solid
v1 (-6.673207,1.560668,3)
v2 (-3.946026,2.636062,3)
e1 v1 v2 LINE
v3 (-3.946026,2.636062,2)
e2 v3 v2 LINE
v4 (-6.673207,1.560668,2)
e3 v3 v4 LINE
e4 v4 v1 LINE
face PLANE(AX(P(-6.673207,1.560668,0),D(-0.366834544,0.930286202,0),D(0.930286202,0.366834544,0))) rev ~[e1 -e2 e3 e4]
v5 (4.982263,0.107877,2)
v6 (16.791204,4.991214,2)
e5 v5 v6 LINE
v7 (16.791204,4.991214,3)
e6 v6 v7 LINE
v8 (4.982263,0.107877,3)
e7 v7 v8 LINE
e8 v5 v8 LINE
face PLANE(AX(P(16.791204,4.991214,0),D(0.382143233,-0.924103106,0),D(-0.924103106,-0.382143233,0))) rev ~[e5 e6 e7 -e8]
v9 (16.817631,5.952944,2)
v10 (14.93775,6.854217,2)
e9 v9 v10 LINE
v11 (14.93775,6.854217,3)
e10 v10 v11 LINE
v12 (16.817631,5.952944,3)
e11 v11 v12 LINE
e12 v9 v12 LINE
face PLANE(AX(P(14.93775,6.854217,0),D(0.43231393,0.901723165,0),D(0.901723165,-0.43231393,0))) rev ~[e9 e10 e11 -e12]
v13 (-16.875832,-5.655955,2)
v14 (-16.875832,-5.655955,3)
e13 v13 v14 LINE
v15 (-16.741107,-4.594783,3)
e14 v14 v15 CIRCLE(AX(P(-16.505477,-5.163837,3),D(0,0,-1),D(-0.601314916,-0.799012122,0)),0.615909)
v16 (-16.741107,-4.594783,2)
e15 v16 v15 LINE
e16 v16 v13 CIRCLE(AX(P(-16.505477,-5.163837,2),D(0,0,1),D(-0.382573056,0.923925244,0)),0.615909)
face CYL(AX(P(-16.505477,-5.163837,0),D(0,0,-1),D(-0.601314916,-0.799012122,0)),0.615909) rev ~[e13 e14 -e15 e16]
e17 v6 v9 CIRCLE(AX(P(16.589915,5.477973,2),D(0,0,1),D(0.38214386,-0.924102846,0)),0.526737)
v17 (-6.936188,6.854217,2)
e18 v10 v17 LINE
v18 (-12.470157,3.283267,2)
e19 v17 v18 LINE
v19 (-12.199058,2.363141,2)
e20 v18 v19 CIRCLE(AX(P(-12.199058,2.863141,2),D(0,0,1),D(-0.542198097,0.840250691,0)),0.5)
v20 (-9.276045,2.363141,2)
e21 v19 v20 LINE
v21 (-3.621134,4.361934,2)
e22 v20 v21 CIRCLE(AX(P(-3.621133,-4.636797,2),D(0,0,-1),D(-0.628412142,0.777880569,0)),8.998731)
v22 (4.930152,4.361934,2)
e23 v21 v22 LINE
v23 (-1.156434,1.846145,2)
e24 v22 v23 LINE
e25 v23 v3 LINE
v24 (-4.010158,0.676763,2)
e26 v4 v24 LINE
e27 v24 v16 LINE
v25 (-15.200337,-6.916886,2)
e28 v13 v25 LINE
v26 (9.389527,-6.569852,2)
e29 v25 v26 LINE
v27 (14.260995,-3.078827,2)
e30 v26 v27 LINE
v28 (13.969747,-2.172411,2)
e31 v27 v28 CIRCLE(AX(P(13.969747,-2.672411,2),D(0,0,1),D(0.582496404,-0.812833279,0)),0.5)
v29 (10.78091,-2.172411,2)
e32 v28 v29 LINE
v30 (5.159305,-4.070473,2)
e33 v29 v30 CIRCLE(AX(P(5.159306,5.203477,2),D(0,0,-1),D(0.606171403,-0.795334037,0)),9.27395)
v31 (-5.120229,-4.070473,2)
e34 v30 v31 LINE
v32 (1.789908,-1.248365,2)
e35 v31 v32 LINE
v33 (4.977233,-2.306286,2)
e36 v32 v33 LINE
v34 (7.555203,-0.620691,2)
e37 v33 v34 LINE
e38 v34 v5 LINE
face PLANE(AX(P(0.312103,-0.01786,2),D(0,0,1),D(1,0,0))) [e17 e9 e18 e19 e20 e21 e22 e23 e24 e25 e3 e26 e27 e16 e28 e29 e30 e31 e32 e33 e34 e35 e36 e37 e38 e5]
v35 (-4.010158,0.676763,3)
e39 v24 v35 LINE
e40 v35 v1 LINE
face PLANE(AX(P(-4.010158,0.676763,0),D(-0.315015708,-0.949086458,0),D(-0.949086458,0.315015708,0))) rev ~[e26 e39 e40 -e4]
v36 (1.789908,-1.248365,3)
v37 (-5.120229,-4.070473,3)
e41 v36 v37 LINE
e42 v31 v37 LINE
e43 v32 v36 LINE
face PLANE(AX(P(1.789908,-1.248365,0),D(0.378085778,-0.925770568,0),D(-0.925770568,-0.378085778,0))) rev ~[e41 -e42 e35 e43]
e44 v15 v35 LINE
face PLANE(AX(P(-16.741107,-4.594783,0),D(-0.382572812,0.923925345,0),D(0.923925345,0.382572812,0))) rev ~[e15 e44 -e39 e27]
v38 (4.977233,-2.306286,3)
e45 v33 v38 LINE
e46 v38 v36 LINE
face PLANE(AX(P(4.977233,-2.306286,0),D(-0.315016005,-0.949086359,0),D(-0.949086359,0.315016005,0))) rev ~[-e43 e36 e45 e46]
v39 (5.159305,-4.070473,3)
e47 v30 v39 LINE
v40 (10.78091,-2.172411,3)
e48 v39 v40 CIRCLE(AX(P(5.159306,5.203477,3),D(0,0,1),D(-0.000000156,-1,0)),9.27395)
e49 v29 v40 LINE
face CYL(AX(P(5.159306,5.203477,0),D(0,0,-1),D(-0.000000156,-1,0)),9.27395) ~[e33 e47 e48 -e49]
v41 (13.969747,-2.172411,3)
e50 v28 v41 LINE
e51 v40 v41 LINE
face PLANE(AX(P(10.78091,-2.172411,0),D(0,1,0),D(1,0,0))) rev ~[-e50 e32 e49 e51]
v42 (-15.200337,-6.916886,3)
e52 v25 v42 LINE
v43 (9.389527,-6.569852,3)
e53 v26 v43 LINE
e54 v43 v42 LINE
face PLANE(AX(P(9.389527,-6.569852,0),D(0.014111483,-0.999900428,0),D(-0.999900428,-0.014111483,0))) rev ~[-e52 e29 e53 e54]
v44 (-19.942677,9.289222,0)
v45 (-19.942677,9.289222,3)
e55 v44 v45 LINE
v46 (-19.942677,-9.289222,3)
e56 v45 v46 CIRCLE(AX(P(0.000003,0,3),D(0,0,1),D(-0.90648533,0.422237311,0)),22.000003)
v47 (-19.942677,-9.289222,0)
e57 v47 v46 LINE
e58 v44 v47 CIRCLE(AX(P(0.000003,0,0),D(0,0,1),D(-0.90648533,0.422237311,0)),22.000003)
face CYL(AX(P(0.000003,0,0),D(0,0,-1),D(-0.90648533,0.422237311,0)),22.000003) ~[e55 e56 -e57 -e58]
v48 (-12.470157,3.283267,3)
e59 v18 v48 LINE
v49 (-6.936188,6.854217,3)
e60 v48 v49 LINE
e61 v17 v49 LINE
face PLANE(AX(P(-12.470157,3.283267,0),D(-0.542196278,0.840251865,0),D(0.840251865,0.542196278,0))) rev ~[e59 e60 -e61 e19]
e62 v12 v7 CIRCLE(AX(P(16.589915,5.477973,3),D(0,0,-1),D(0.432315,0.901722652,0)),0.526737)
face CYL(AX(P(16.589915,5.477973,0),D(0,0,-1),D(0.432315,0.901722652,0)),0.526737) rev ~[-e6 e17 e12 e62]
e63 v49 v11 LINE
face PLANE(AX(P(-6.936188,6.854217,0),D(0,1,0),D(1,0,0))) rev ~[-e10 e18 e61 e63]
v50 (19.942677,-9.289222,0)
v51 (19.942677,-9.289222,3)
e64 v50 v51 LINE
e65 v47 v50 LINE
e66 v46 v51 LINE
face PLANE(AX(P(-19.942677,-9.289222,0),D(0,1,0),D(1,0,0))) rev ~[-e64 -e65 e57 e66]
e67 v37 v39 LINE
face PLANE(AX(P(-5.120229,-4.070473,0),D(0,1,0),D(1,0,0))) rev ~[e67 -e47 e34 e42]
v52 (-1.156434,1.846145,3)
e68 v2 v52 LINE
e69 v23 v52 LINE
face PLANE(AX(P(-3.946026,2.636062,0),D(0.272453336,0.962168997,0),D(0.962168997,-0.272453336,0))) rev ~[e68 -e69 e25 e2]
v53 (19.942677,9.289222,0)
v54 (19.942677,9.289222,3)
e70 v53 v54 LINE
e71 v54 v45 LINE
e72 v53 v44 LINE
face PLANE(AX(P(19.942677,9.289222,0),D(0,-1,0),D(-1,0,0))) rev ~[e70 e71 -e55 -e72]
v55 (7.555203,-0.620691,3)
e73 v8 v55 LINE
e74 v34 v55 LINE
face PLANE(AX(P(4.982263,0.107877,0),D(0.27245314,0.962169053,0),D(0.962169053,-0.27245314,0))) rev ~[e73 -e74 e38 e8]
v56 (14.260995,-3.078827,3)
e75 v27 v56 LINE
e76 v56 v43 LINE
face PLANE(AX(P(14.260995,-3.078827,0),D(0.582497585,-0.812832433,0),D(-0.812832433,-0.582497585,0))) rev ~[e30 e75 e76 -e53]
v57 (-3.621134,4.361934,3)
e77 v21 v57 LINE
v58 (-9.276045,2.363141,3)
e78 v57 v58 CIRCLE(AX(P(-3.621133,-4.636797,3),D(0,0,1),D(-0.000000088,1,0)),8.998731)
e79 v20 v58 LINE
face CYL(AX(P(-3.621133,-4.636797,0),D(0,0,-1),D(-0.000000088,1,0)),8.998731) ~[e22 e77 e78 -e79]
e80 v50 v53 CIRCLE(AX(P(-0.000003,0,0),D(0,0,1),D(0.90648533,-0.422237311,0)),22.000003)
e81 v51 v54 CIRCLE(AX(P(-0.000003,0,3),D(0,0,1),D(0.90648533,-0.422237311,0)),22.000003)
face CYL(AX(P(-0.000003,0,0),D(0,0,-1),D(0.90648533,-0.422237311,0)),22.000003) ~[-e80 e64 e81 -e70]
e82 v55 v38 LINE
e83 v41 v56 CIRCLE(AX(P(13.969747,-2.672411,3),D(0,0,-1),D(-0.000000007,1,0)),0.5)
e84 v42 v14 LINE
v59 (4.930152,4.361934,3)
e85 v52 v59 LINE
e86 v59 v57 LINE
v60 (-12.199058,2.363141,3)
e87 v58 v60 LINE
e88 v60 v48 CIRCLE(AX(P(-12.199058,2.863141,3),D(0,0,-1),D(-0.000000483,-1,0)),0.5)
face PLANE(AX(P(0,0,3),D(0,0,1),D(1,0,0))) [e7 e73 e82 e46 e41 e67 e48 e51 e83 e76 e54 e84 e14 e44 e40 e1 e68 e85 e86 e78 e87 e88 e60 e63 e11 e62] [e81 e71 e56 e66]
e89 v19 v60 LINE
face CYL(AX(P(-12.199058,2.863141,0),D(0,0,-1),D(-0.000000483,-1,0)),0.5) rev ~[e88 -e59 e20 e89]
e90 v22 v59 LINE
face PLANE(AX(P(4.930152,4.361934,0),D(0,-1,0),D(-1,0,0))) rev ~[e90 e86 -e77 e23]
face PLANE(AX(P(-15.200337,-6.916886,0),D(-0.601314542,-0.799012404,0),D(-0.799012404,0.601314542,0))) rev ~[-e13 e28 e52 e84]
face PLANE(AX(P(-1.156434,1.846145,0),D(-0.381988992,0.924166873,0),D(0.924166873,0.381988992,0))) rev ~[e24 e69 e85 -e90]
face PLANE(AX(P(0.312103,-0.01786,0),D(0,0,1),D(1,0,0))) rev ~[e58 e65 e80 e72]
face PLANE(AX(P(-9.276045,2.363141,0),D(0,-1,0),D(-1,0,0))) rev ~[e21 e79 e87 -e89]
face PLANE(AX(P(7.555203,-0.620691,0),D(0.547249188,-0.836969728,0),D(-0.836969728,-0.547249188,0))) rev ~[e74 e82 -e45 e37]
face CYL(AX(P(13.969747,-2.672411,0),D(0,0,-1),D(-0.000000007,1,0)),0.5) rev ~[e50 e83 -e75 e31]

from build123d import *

# Parameters (mm, degrees)
F1_DEPTH = 3
F2_DEPTH = 2


with BuildPart() as f1:
    # F0 (on Top) → F1 (new body)
    with BuildSketch(Plane.XY):
        with BuildLine():
            Line((19.942677, 9.289222), (-19.942677, 9.289222))
            ThreePointArc((-19.942677, 9.289222), (-22, 0), (-19.942677, -9.289222))
            Line((-19.942677, -9.289222), (19.942677, -9.289222))
            ThreePointArc((19.942677, -9.289222), (22, 0), (19.942677, 9.289222))
        make_face()
        with BuildLine():
            Line((-1.156434, 1.846145), (4.930152, 4.361934))
            Line((4.930152, 4.361934), (-3.621134, 4.361934))
            ThreePointArc((-3.621134, 4.361934), (-6.620017, 3.847533), (-9.276045, 2.363141))
            Line((-9.276045, 2.363141), (-12.199058, 2.363141))
            ThreePointArc((-12.199058, 2.363141), (-12.678674, 2.721831), (-12.470157, 3.283267))
            Line((-12.470157, 3.283267), (-6.936188, 6.854217))
            Line((-6.936188, 6.854217), (14.93775, 6.854217))
            Line((14.93775, 6.854217), (16.817631, 5.952944))
            ThreePointArc((16.817631, 5.952944), (17.116453, 5.463505), (16.791204, 4.991214))
            Line((16.791204, 4.991214), (4.982263, 0.107877))
            Line((4.982263, 0.107877), (7.555203, -0.620691))
            Line((7.555203, -0.620691), (4.977233, -2.306286))
            Line((4.977233, -2.306286), (1.789908, -1.248365))
            Line((1.789908, -1.248365), (-5.120229, -4.070473))
            Line((-5.120229, -4.070473), (5.159305, -4.070473))
            ThreePointArc((5.159305, -4.070473), (8.125999, -3.583154), (10.78091, -2.172411))
            Line((10.78091, -2.172411), (13.969747, -2.172411))
            ThreePointArc((13.969747, -2.172411), (14.445776, -2.519453), (14.260995, -3.078827))
            Line((14.260995, -3.078827), (9.389527, -6.569852))
            Line((9.389527, -6.569852), (-15.200337, -6.916886))
            Line((-15.200337, -6.916886), (-16.875832, -5.655955))
            ThreePointArc((-16.875832, -5.655955), (-17.116481, -5.086264), (-16.741107, -4.594783))
            Line((-16.741107, -4.594783), (-4.010158, 0.676763))
            Line((-4.010158, 0.676763), (-6.673207, 1.560668))
            Line((-6.673207, 1.560668), (-3.946026, 2.636062))
            Line((-3.946026, 2.636062), (-1.156434, 1.846145))
        make_face(mode=Mode.SUBTRACT)
    extrude(amount=F1_DEPTH)

    # F0 (on Top) → F2 (join)
    with BuildSketch(Plane.XY):
        with BuildLine():
            Line((-3.621134, 4.361934), (4.930152, 4.361934))
            Line((4.930152, 4.361934), (-1.156434, 1.846145))
            Line((-1.156434, 1.846145), (-3.946026, 2.636062))
            Line((-3.946026, 2.636062), (-6.673207, 1.560668))
            Line((-6.673207, 1.560668), (-4.010158, 0.676763))
            Line((-4.010158, 0.676763), (-16.741107, -4.594783))
            ThreePointArc((-16.741107, -4.594783), (-17.116481, -5.086264), (-16.875832, -5.655955))
            Line((-16.875832, -5.655955), (-15.200337, -6.916886))
            Line((-15.200337, -6.916886), (9.389527, -6.569852))
            Line((9.389527, -6.569852), (14.260995, -3.078827))
            ThreePointArc((14.260995, -3.078827), (14.445776, -2.519453), (13.969747, -2.172411))
            Line((13.969747, -2.172411), (10.78091, -2.172411))
            ThreePointArc((10.78091, -2.172411), (8.125999, -3.583154), (5.159305, -4.070473))
            Line((5.159305, -4.070473), (-5.120229, -4.070473))
            Line((-5.120229, -4.070473), (1.789908, -1.248365))
            Line((1.789908, -1.248365), (4.977233, -2.306286))
            Line((4.977233, -2.306286), (7.555203, -0.620691))
            Line((7.555203, -0.620691), (4.982263, 0.107877))
            Line((4.982263, 0.107877), (16.791204, 4.991214))
            ThreePointArc((16.791204, 4.991214), (17.116453, 5.463505), (16.817631, 5.952944))
            Line((16.817631, 5.952944), (14.93775, 6.854217))
            Line((14.93775, 6.854217), (-6.936188, 6.854217))
            Line((-6.936188, 6.854217), (-12.470157, 3.283267))
            ThreePointArc((-12.470157, 3.283267), (-12.678674, 2.721831), (-12.199058, 2.363141))
            Line((-12.199058, 2.363141), (-9.276045, 2.363141))
            ThreePointArc((-9.276045, 2.363141), (-6.620017, 3.847533), (-3.621134, 4.361934))
        make_face()
    extrude(amount=F2_DEPTH)


solid = f1.part
